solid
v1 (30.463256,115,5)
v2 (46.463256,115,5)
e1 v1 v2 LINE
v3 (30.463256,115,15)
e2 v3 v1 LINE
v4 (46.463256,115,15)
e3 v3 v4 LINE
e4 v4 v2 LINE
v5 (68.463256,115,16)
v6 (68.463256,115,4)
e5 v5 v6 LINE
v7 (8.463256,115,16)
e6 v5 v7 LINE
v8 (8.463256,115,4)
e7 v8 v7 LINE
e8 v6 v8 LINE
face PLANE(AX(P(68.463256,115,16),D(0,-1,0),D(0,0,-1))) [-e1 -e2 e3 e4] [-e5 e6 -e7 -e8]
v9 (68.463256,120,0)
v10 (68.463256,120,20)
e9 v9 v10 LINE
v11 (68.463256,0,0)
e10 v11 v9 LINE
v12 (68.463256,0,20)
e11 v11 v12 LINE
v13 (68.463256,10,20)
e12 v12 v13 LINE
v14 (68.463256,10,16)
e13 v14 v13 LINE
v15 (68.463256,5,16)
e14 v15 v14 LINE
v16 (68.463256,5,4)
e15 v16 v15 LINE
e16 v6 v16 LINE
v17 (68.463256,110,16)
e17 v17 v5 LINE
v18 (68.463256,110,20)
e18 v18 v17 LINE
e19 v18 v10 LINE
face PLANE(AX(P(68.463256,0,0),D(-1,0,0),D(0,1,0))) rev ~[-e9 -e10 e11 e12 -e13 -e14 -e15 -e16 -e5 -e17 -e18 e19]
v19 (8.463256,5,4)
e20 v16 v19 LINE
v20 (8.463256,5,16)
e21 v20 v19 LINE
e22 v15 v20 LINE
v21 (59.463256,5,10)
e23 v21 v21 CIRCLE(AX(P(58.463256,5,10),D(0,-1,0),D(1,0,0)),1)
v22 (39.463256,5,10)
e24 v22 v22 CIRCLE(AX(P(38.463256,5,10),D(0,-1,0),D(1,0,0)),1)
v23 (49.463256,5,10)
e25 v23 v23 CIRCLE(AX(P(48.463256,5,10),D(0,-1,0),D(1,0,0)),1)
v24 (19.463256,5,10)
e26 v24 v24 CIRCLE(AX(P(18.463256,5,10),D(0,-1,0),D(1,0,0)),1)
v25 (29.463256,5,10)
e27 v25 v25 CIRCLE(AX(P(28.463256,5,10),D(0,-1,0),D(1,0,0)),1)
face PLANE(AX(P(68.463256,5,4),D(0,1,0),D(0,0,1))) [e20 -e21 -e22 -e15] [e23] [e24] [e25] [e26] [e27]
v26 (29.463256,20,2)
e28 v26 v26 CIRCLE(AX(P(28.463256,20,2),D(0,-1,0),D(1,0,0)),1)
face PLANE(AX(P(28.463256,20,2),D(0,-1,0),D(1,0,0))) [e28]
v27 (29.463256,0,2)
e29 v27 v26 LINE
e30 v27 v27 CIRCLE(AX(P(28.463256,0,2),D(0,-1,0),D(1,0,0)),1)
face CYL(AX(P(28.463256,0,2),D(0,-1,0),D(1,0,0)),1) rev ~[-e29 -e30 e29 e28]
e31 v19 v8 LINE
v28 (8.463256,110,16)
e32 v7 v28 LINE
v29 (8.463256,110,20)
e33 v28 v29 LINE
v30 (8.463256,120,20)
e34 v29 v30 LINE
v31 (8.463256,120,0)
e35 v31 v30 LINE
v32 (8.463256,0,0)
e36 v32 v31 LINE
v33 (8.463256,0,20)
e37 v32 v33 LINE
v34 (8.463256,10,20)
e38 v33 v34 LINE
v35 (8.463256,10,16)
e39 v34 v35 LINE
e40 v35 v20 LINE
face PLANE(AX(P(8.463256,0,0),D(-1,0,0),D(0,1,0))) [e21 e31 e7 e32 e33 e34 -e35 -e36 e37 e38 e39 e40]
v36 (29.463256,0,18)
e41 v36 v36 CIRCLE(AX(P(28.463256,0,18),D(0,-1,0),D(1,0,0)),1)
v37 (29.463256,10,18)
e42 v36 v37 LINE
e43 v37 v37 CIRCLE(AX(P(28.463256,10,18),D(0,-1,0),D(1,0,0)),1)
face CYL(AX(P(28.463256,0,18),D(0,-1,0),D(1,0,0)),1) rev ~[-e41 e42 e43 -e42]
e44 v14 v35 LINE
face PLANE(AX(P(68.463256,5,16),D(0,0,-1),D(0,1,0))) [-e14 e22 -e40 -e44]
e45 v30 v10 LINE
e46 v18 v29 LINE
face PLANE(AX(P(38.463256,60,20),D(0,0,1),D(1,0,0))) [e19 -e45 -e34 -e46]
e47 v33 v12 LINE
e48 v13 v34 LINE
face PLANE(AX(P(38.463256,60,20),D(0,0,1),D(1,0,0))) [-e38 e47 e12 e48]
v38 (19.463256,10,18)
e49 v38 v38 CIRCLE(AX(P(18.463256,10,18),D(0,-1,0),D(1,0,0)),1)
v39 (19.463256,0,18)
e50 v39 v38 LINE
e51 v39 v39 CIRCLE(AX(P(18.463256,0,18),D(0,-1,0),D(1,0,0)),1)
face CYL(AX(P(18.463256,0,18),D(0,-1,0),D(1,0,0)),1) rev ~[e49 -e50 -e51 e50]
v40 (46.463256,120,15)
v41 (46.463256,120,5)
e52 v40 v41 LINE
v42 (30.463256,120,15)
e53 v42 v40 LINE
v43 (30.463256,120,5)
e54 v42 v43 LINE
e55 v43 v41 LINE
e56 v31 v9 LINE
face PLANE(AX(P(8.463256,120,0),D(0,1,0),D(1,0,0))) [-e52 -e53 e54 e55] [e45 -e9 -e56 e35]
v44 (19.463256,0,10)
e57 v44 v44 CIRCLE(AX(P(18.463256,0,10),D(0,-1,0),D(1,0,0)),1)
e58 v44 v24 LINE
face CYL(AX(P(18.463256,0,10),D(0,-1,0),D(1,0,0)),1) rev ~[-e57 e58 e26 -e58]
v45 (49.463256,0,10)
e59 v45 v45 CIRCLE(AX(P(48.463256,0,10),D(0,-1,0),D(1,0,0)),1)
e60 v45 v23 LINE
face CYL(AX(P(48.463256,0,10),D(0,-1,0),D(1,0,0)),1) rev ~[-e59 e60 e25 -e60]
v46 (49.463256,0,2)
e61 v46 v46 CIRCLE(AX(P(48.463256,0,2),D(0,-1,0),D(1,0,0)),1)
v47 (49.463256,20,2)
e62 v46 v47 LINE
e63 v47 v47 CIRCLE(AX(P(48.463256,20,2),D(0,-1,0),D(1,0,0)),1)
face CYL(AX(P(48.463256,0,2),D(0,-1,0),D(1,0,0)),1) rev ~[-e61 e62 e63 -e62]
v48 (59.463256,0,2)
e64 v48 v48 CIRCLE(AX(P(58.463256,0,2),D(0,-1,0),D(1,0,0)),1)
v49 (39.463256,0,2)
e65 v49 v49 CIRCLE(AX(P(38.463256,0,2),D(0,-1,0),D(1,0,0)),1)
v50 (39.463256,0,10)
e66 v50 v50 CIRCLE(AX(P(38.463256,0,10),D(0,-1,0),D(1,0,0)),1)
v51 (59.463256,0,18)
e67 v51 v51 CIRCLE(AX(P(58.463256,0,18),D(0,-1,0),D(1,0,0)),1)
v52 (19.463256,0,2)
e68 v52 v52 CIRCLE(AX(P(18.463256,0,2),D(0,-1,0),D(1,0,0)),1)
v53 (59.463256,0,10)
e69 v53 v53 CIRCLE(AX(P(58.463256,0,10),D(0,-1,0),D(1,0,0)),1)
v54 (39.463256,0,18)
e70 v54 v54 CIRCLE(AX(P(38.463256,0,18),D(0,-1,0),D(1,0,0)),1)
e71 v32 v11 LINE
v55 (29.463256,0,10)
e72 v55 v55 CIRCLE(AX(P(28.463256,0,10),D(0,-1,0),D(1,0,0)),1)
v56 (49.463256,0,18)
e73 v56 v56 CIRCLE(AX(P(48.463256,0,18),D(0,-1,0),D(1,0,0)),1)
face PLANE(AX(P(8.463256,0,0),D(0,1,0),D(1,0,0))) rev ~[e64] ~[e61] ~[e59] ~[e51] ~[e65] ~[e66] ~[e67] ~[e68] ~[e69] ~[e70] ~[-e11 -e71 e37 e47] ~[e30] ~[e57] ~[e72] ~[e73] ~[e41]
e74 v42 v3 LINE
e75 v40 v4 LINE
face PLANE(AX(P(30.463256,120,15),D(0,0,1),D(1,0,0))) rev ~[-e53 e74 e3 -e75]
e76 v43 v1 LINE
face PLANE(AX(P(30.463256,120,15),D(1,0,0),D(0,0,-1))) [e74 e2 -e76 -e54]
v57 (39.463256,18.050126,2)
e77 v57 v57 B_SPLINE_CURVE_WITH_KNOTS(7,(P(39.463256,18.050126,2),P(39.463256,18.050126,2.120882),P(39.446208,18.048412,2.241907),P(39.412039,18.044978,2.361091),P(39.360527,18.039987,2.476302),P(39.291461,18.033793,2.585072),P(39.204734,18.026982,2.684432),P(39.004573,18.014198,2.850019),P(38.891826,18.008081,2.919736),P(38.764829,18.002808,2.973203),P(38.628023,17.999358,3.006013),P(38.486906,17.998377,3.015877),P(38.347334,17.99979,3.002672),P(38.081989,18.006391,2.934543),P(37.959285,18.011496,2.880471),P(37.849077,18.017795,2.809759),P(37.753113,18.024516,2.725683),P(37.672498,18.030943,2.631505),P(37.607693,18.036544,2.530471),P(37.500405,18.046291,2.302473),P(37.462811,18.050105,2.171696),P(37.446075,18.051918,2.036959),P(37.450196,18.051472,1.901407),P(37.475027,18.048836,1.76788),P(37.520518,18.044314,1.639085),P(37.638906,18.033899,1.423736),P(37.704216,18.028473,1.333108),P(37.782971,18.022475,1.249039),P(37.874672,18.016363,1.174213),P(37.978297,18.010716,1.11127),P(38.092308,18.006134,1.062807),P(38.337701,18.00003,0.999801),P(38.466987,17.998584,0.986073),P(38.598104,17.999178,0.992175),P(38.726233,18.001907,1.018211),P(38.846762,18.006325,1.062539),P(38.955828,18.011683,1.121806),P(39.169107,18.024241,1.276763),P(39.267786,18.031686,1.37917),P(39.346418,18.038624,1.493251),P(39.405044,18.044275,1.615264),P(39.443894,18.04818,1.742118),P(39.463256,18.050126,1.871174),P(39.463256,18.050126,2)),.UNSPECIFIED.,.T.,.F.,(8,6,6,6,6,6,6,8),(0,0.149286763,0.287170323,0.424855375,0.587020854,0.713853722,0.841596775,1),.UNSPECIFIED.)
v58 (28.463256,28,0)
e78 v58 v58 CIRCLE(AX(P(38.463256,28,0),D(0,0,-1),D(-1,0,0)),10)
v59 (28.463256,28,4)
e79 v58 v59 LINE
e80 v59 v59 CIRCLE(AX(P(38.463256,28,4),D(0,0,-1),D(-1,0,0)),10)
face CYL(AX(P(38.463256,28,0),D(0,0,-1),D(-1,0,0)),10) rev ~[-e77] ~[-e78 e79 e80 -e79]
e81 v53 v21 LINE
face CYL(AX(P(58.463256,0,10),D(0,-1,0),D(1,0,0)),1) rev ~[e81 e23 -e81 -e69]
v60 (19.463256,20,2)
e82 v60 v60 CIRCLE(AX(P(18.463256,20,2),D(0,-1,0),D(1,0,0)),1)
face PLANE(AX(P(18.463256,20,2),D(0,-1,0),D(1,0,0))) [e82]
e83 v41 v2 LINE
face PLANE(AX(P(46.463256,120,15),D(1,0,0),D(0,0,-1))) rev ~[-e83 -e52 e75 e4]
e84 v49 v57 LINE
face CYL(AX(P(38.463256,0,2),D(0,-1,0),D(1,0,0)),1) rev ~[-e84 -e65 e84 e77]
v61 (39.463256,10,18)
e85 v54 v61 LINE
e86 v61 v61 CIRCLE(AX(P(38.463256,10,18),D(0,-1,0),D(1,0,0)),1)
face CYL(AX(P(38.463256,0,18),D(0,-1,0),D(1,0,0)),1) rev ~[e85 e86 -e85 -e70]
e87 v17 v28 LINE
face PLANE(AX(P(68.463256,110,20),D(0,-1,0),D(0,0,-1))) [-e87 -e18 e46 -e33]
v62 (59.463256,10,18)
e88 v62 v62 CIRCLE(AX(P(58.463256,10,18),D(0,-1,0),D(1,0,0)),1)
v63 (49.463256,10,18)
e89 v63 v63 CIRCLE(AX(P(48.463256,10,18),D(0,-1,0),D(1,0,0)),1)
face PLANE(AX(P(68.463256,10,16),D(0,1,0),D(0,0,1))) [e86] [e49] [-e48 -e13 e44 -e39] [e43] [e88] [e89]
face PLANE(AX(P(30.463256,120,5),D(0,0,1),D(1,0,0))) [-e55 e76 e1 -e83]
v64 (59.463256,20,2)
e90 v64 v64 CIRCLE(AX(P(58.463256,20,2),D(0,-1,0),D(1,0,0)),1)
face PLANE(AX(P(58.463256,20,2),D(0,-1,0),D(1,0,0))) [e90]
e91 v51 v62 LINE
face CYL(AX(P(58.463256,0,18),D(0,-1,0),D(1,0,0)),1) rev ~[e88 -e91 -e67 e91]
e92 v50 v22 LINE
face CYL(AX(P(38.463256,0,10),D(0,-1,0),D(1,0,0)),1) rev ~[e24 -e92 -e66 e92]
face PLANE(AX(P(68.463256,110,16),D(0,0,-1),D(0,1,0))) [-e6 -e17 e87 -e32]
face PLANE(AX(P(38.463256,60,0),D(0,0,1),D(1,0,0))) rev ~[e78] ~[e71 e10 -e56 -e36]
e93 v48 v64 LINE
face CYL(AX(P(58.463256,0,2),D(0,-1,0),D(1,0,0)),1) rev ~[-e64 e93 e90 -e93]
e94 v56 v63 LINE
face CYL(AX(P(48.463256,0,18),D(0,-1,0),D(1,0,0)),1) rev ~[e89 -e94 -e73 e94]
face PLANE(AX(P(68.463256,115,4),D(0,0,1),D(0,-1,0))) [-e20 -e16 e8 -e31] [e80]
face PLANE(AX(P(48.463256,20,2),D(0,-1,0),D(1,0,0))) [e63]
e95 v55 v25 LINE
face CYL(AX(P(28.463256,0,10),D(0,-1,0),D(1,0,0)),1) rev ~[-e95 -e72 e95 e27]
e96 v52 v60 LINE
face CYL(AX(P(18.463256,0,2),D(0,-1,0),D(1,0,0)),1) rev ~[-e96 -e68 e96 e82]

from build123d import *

# Parameters (mm, degrees)
ESQUISSE1_W                = 60
ESQUISSE1_H                = 120
BOSS_EXTRU_1_DEPTH         = 20
ENL_V_MAT_EXTRU_1_DEPTH    = 61
ESQUISSE3_W                = 16
ESQUISSE3_H                = 10
ENL_V_MAT_EXTRU_3_DEPTH    = 5
ESQUISSE4_R                = 10
ENL_V_MAT_EXTRU_4_DEPTH    = 21
ESQUISSE5_R                = 1
ENL_V_MAT_EXTRU_5_DEPTH    = 20
R_P_TITION_LIN_AIRE1_COUNT = 3
R_P_TITION_LIN_AIRE1_PITCH = 10
R_P_TITION_LIN_AIRE2_COUNT = 3
R_P_TITION_LIN_AIRE2_PITCH = 10


with BuildPart() as part:
    # Esquisse1 → Boss.-Extru.1 (new body)
    with BuildSketch(Plane.XY):
        with Locations((38.463255814, 60)):
            Rectangle(ESQUISSE1_W, ESQUISSE1_H)
    extrude(amount=BOSS_EXTRU_1_DEPTH)

    # Esquisse2 → Enlèv. mat.-Extru.1 (cut, through all)
    with BuildSketch(Plane(origin=(68.463255814, 0, 0), x_dir=(0, 0, -1), z_dir=(1, 0, 0))):
        Polygon((-20, 110), (-16, 110), (-16, 115), (-4, 115), (-4, 5), (-16, 5), (-16, 10), (-20, 10), align=None)
    extrude(amount=-ENL_V_MAT_EXTRU_1_DEPTH, mode=Mode.SUBTRACT)

    # Esquisse3 → Enlèv. mat.-Extru.3 (cut)
    with BuildSketch(Plane(origin=(0, 120, 0), x_dir=(1, 0, 0), z_dir=(0, 1, 0))):
        with Locations((38.463255814, -10)):
            Rectangle(ESQUISSE3_W, ESQUISSE3_H)
    extrude(amount=-ENL_V_MAT_EXTRU_3_DEPTH, mode=Mode.SUBTRACT)

    # Esquisse4 → Enlèv. mat.-Extru.4 (cut, through all)
    with BuildSketch(Plane(origin=(0, 0, 0), x_dir=(-1, 0, 0), z_dir=(0, 0, -1))):
        with Locations((-38.463255814, 28)):
            Circle(ESQUISSE4_R)
    extrude(amount=-ENL_V_MAT_EXTRU_4_DEPTH, mode=Mode.SUBTRACT)

    # Esquisse5 → Enlèv. mat.-Extru.5 (cut)
    with BuildSketch(Plane.XZ):
        with Locations((38.463255814, 18)):
            Circle(ESQUISSE5_R)
        with Locations((38.463255814, 2)):
            Circle(ESQUISSE5_R)
        with Locations((38.463255814, 10)):
            Circle(ESQUISSE5_R)
    enl_v_mat_extru_5 = extrude(amount=-ENL_V_MAT_EXTRU_5_DEPTH, mode=Mode.SUBTRACT)

    # Répétition linéaire1: Enlèv. mat.-Extru.5 ×3
    with Locations(*[(i * R_P_TITION_LIN_AIRE1_PITCH, 0, 0) for i in range(1, R_P_TITION_LIN_AIRE1_COUNT)]):
        add(enl_v_mat_extru_5, mode=Mode.SUBTRACT)

    # Répétition linéaire2: Enlèv. mat.-Extru.5 ×3
    with Locations(*[(-i * R_P_TITION_LIN_AIRE2_PITCH, 0, 0) for i in range(1, R_P_TITION_LIN_AIRE2_COUNT)]):
        add(enl_v_mat_extru_5, mode=Mode.SUBTRACT)


solid = part.part
